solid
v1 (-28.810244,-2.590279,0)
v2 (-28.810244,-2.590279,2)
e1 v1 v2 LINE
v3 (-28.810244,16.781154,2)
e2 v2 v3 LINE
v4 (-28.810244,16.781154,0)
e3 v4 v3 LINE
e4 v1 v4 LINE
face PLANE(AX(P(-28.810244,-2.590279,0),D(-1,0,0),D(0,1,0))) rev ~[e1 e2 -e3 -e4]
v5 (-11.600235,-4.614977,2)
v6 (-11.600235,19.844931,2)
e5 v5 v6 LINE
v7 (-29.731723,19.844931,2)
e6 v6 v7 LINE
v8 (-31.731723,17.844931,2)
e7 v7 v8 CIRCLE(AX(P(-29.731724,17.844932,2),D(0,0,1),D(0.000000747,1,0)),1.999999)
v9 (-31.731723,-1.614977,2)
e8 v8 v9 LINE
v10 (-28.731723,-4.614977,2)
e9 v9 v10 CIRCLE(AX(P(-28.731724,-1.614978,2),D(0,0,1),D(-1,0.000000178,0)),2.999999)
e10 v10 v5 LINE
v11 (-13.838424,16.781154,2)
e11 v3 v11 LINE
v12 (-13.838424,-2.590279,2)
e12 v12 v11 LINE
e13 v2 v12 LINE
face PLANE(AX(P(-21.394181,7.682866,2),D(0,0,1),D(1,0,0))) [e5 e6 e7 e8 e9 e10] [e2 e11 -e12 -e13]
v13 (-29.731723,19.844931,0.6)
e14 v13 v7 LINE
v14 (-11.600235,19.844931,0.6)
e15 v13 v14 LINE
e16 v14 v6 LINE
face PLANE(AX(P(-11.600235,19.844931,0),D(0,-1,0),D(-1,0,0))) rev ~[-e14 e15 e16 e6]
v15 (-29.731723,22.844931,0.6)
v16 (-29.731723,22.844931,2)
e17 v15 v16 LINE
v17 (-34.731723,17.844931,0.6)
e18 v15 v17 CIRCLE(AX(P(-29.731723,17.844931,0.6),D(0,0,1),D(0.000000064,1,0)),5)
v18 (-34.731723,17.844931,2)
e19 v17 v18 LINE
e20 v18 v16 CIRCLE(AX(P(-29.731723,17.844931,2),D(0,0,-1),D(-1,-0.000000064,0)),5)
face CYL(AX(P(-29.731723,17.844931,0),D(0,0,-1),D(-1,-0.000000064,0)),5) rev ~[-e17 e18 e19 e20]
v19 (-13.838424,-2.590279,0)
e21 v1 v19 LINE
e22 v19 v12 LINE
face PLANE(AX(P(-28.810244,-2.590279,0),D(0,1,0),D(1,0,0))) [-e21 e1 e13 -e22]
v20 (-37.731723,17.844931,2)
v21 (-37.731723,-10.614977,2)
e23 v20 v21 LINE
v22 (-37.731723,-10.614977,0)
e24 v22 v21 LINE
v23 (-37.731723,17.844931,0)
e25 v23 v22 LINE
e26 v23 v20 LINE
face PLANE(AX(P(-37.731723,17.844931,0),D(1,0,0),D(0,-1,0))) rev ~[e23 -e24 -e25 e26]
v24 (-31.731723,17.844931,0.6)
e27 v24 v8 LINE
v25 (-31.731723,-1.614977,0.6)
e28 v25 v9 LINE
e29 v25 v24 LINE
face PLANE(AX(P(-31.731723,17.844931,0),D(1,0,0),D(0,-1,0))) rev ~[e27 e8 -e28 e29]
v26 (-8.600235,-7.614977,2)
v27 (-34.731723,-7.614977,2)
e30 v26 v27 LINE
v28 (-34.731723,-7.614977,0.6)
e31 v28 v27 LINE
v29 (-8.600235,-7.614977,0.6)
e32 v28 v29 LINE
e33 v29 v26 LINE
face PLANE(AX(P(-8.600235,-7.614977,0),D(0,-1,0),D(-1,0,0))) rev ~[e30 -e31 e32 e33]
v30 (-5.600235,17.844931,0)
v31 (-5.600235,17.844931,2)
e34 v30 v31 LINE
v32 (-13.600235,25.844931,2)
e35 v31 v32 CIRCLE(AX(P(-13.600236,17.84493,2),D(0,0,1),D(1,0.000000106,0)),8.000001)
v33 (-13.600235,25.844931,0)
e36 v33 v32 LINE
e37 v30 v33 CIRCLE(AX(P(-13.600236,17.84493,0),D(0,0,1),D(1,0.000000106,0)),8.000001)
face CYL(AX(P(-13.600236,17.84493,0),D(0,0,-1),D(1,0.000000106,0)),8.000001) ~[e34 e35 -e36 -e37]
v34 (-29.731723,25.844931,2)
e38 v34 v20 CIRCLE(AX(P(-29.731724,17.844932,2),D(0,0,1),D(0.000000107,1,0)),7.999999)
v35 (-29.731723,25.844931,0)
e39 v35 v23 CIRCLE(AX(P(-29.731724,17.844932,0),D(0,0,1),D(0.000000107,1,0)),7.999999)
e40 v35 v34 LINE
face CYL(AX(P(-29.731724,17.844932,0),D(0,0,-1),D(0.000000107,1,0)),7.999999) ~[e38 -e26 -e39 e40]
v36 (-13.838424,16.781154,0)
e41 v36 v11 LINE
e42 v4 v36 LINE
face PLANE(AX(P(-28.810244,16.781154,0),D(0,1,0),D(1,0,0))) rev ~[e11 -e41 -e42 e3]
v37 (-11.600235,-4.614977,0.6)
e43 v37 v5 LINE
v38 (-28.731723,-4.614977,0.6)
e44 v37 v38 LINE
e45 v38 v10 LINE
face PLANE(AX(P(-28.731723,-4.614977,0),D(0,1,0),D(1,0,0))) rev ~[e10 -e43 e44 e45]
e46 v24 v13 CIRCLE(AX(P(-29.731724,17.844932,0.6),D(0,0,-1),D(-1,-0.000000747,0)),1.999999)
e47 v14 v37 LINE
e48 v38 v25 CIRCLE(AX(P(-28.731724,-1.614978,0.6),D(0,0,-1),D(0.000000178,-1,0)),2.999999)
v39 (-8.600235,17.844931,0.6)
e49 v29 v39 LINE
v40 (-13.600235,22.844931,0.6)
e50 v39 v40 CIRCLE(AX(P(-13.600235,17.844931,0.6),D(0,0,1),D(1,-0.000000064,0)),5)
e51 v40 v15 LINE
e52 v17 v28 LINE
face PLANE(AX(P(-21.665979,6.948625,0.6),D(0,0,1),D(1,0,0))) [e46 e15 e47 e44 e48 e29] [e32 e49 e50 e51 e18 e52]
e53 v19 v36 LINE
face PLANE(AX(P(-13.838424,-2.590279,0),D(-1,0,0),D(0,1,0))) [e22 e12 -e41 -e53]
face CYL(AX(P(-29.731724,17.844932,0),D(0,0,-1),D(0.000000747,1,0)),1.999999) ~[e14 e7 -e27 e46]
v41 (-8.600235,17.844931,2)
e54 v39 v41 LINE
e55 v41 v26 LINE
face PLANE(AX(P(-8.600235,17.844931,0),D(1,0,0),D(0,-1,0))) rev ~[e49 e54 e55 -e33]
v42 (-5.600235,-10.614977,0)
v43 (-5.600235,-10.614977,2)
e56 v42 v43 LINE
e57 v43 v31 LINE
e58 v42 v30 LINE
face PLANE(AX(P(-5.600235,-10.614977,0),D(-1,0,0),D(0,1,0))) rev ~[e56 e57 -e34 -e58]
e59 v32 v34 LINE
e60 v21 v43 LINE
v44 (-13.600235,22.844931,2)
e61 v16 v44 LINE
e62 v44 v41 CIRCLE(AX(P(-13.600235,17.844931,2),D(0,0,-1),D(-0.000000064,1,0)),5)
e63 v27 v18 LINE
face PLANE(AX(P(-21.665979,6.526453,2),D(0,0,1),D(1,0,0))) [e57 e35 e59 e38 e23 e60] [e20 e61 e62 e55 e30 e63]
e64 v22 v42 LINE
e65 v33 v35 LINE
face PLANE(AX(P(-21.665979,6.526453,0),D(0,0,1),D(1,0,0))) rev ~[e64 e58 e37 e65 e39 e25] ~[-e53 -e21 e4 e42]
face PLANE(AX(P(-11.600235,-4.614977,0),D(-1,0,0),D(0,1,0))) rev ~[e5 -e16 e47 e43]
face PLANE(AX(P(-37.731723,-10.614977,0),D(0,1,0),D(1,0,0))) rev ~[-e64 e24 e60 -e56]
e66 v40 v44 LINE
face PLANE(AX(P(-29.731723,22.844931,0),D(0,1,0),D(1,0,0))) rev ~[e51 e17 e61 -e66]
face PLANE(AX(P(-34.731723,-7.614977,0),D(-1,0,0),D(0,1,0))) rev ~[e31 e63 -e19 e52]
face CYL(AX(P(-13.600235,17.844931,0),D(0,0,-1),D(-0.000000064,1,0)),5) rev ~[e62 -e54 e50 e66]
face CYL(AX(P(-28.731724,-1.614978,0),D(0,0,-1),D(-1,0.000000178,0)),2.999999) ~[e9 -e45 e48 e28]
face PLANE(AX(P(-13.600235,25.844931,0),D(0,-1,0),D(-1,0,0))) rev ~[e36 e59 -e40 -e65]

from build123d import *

# Parameters (mm, degrees)
F1_DEPTH = 0.6
F0_W     = 14.97182
F0_H     = 19.371433
F2_DEPTH = 2


with BuildPart() as f1:
    # F0 (on Top) → F1 (new body)
    with BuildSketch(Plane.XY):
        with BuildLine():
            Line((-13.600235, 22.844931), (-29.731723, 22.844931))
            ThreePointArc((-29.731723, 22.844931), (-33.267257, 21.380465), (-34.731723, 17.844931))
            Line((-34.731723, 17.844931), (-34.731723, -7.614977))
            Line((-34.731723, -7.614977), (-8.600235, -7.614977))
            Line((-8.600235, -7.614977), (-8.600235, 17.844931))
            ThreePointArc((-8.600235, 17.844931), (-10.064701, 21.380465), (-13.600235, 22.844931))
        make_face()
        with BuildLine():
            ThreePointArc((-31.731723, 17.844931), (-31.145937, 19.259145), (-29.731723, 19.844931))
            Line((-29.731723, 19.844931), (-11.600235, 19.844931))
            Line((-11.600235, 19.844931), (-11.600235, -4.614977))
            Line((-11.600235, -4.614977), (-28.731723, -4.614977))
            ThreePointArc((-28.731723, -4.614977), (-30.853044, -3.736297), (-31.731723, -1.614977))
            Line((-31.731723, -1.614977), (-31.731723, 17.844931))
        make_face(mode=Mode.SUBTRACT)
    extrude(amount=F1_DEPTH)

    # F0 (on Top) → F2 (join)
    with BuildSketch(Plane.XY):
        with BuildLine():
            Line((-13.600235, 25.844931), (-29.731723, 25.844931))
            ThreePointArc((-29.731723, 25.844931), (-35.388578, 23.501785), (-37.731723, 17.844931))
            Line((-37.731723, 17.844931), (-37.731723, -10.614977))
            Line((-37.731723, -10.614977), (-5.600235, -10.614977))
            Line((-5.600235, -10.614977), (-5.600235, 17.844931))
            ThreePointArc((-5.600235, 17.844931), (-7.943381, 23.501785), (-13.600235, 25.844931))
        make_face()
        with BuildLine():
            ThreePointArc((-34.731723, 17.844931), (-33.267257, 21.380465), (-29.731723, 22.844931))
            Line((-29.731723, 22.844931), (-13.600235, 22.844931))
            ThreePointArc((-13.600235, 22.844931), (-10.064701, 21.380465), (-8.600235, 17.844931))
            Line((-8.600235, 17.844931), (-8.600235, -7.614977))
            Line((-8.600235, -7.614977), (-34.731723, -7.614977))
            Line((-34.731723, -7.614977), (-34.731723, 17.844931))
        make_face(mode=Mode.SUBTRACT)
        with BuildLine():
            Line((-11.600235, 19.844931), (-29.731723, 19.844931))
            ThreePointArc((-29.731723, 19.844931), (-31.145937, 19.259145), (-31.731723, 17.844931))
            Line((-31.731723, 17.844931), (-31.731723, -1.614977))
            ThreePointArc((-31.731723, -1.614977), (-30.853044, -3.736297), (-28.731723, -4.614977))
            Line((-28.731723, -4.614977), (-11.600235, -4.614977))
            Line((-11.600235, -4.614977), (-11.600235, 19.844931))
        make_face()
        with Locations((-21.324334, 7.095438)):
            Rectangle(F0_W, F0_H, mode=Mode.SUBTRACT)
    extrude(amount=F2_DEPTH)


solid = f1.part
